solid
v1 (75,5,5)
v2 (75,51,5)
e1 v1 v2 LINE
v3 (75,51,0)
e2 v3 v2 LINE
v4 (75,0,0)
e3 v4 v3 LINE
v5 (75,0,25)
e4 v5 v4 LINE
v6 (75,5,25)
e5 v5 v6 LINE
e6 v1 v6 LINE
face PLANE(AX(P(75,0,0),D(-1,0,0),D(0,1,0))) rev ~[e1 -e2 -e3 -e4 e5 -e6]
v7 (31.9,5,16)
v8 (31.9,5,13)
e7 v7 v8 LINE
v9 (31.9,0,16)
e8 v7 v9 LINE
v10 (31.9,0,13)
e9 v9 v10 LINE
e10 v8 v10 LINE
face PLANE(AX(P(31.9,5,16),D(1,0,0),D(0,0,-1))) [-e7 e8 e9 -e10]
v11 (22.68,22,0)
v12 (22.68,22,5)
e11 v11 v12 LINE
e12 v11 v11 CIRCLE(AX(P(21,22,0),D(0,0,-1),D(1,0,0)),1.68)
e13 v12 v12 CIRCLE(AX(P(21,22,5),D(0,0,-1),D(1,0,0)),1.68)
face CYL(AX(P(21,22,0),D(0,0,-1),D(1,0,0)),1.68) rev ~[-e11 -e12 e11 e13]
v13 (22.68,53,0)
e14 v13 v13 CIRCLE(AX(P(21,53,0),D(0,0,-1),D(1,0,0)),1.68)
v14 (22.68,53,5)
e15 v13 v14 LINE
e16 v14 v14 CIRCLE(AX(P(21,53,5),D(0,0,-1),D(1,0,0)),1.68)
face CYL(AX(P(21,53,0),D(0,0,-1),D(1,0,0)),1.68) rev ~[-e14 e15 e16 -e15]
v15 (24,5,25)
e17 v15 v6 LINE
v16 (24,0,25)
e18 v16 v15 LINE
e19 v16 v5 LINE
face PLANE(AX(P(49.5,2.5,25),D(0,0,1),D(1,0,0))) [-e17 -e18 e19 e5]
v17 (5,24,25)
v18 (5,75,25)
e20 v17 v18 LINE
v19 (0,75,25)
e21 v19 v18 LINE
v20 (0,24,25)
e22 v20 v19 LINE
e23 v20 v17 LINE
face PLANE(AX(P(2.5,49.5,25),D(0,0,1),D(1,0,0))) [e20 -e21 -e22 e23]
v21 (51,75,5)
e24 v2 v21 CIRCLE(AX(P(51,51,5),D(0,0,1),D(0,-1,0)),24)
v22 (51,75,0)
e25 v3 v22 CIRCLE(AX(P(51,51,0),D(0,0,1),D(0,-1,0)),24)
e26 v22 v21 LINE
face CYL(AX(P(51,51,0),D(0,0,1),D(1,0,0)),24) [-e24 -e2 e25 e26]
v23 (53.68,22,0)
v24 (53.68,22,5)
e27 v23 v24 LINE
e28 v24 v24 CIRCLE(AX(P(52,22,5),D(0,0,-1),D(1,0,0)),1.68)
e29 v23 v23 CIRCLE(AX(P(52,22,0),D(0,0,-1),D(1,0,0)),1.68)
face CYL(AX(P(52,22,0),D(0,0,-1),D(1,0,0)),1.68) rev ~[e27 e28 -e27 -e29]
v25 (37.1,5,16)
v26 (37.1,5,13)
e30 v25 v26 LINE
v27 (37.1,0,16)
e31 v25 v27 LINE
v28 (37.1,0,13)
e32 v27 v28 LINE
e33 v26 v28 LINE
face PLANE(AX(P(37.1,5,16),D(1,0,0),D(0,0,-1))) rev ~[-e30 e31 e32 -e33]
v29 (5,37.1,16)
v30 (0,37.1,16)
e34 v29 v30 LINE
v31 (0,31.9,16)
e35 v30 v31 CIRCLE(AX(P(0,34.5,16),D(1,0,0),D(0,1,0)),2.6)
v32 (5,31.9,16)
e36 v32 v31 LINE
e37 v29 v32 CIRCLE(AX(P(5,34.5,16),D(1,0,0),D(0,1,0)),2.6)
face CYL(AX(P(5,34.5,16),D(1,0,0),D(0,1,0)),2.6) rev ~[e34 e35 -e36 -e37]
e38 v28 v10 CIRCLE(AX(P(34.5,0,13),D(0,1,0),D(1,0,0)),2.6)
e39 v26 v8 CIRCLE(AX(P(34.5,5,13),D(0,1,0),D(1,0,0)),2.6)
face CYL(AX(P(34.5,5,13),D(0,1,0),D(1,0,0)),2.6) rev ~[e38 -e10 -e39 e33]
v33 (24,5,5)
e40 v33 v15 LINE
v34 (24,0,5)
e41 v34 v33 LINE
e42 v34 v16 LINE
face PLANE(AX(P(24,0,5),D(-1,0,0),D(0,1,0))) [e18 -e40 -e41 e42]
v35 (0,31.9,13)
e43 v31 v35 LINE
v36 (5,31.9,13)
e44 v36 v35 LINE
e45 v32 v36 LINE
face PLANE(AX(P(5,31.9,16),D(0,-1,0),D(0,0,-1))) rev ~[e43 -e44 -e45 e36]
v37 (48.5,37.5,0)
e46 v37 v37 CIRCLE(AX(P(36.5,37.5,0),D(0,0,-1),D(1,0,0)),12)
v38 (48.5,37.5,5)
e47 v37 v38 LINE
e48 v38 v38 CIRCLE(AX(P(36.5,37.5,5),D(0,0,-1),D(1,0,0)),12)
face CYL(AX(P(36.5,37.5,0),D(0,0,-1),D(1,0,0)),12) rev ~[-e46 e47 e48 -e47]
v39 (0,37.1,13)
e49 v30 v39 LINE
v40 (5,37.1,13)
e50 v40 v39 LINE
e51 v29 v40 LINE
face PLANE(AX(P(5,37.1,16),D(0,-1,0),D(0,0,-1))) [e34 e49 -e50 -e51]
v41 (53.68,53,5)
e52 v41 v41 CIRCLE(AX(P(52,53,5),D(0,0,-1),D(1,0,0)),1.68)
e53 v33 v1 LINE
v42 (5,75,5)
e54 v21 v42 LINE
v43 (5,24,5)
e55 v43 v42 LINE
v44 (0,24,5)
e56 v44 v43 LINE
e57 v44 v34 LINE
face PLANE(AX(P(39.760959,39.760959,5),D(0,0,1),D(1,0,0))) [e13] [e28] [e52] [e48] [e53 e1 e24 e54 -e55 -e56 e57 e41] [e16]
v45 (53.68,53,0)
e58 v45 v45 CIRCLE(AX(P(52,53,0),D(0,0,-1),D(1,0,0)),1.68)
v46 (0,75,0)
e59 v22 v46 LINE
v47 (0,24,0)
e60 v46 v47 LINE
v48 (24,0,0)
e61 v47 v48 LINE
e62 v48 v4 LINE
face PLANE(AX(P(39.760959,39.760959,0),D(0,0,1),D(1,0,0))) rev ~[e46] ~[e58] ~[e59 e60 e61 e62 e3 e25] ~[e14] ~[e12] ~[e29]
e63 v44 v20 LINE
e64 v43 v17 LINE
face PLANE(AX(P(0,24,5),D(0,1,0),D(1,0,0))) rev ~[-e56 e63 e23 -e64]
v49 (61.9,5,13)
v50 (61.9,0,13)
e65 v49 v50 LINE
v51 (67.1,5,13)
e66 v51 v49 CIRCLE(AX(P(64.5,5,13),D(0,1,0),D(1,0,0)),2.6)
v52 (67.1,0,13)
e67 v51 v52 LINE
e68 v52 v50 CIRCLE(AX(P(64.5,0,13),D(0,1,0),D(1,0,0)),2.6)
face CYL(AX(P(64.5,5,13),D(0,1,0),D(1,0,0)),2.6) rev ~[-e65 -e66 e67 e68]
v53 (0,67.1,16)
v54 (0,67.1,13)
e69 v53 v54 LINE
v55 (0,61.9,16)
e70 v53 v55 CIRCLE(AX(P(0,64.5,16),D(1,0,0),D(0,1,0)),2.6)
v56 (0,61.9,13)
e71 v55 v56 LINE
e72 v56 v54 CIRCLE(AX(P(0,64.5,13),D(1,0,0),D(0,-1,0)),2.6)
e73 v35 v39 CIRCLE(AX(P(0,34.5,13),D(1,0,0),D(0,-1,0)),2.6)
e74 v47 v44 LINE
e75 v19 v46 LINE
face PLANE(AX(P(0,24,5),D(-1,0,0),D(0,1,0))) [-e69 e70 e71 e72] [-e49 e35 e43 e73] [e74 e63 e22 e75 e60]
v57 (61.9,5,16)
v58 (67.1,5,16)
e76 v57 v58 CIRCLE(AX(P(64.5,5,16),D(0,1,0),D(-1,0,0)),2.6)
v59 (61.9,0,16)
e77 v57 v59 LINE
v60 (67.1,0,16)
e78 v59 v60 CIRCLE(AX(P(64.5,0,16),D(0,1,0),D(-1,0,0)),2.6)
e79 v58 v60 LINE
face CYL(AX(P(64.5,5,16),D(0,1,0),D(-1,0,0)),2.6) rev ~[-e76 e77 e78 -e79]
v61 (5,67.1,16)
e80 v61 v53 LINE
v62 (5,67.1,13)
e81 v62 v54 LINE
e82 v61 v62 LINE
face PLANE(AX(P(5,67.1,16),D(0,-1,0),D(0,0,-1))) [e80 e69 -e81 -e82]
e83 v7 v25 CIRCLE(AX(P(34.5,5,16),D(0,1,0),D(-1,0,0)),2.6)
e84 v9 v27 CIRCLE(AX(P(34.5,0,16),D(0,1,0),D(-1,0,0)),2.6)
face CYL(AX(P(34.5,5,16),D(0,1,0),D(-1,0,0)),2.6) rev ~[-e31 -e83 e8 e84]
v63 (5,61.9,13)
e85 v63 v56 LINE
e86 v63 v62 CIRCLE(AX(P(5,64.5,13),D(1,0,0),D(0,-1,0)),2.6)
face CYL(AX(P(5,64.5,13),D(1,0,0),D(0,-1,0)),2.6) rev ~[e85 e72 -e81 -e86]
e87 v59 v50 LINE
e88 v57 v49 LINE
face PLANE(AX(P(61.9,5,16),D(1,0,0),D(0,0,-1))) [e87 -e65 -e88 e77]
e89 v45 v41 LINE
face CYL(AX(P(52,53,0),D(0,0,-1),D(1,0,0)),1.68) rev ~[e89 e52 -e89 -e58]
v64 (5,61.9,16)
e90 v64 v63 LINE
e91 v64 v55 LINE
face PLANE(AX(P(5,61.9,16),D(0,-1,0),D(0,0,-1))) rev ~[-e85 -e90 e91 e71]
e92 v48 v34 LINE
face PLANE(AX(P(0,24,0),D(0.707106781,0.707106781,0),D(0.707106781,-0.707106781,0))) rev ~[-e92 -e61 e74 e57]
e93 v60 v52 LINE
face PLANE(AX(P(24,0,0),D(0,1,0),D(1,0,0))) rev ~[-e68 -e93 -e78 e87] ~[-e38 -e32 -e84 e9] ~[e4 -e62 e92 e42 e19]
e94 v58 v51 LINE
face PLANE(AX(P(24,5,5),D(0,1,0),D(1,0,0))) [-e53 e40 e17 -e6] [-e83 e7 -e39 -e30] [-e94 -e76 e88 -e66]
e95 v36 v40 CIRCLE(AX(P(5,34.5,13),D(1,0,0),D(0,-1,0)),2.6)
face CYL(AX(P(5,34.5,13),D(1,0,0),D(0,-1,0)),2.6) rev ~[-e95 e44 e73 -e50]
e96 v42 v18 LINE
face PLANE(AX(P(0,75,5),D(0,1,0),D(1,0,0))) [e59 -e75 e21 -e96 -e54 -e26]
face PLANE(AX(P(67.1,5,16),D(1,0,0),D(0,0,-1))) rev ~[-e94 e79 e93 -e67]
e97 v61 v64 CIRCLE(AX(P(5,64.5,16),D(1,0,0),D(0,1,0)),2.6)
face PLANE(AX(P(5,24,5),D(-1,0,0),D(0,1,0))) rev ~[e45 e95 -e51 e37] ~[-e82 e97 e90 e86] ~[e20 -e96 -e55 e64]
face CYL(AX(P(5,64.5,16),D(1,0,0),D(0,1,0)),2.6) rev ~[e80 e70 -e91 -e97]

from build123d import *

# Parameters (mm, degrees)
PAD_DEPTH       = 5
SKETCH002_R     = 1.68
SKETCH002_R_2   = 12
POCKET_DEPTH    = 5
FILLET_R        = 24
SKETCH_W        = 5
SKETCH_H        = 51
SKETCH_W_2      = 51
SKETCH_H_2      = 5
PAD001_DEPTH    = 20
POCKET001_DEPTH = 5
POCKET002_DEPTH = 5


with BuildPart() as part:
    # Sketch001 → Pad (new body)
    with BuildSketch(Plane.XY):
        Polygon((75, 0), (75, 75), (0, 75), (0, 24), (24, 0), align=None)
    extrude(amount=PAD_DEPTH)

    # Sketch002 → Pocket (cut)
    with BuildSketch(Plane(origin=(0, 0, 0), x_dir=(1, 0, 0), z_dir=(0, 0, -1))):
        with Locations((21, -22)):
            Circle(SKETCH002_R)
        with Locations((52, -22)):
            Circle(SKETCH002_R)
        with Locations((52, -53)):
            Circle(SKETCH002_R)
        with Locations((21, -53)):
            Circle(SKETCH002_R)
        with Locations((36.5, -37.5)):
            Circle(SKETCH002_R_2)
    extrude(amount=-POCKET_DEPTH, mode=Mode.SUBTRACT)

    # Fillet
    fillet_edges = [part.edges().sort_by_distance(p)[0] for p in [
        (75, 75, 2.5),
    ]]
    fillet(fillet_edges, radius=FILLET_R)

    # Sketch → Pad001 (new body)
    with BuildSketch(Plane.XY.offset(5)):
        with Locations((2.5, 49.5)):
            Rectangle(SKETCH_W, SKETCH_H)
        with Locations((49.5, 2.5)):
            Rectangle(SKETCH_W_2, SKETCH_H_2)
    extrude(amount=PAD001_DEPTH)

    # Sketch004 → Pocket001 (cut)
    with BuildSketch(Plane.YZ.offset(5)):
        with BuildLine():
            ThreePointArc((67.1, 16), (64.5, 18.6), (61.9, 16))
            Line((61.9, 16), (61.9, 13))
            ThreePointArc((61.9, 13), (64.5, 10.4), (67.1, 13))
            Line((67.1, 16), (67.1, 13))
        make_face()
        with BuildLine():
            ThreePointArc((37.1, 16), (34.5, 18.6), (31.9, 16))
            Line((31.9, 16), (31.9, 13))
            ThreePointArc((31.9, 13), (34.5, 10.4), (37.1, 13))
            Line((37.1, 16), (37.1, 13))
        make_face()
    extrude(amount=-POCKET001_DEPTH, mode=Mode.SUBTRACT)

    # Sketch003 → Pocket002 (cut)
    with BuildSketch(Plane(origin=(0, 5, 0), x_dir=(-1, 0, 0), z_dir=(0, 1, 0))):
        with BuildLine():
            ThreePointArc((-61.9, 16), (-64.5, 18.6), (-67.1, 16))
            Line((-67.1, 16), (-67.1, 13))
            ThreePointArc((-67.1, 13), (-64.5, 10.4), (-61.9, 13))
            Line((-61.9, 16), (-61.9, 13))
        make_face()
        with BuildLine():
            Line((-31.9, 16), (-31.9, 13))
            ThreePointArc((-37.1, 13), (-34.5, 10.4), (-31.9, 13))
            Line((-37.1, 16), (-37.1, 13))
            ThreePointArc((-31.9, 16), (-34.5, 18.6), (-37.1, 16))
        make_face()
    extrude(amount=-POCKET002_DEPTH, mode=Mode.SUBTRACT)


solid = part.part
